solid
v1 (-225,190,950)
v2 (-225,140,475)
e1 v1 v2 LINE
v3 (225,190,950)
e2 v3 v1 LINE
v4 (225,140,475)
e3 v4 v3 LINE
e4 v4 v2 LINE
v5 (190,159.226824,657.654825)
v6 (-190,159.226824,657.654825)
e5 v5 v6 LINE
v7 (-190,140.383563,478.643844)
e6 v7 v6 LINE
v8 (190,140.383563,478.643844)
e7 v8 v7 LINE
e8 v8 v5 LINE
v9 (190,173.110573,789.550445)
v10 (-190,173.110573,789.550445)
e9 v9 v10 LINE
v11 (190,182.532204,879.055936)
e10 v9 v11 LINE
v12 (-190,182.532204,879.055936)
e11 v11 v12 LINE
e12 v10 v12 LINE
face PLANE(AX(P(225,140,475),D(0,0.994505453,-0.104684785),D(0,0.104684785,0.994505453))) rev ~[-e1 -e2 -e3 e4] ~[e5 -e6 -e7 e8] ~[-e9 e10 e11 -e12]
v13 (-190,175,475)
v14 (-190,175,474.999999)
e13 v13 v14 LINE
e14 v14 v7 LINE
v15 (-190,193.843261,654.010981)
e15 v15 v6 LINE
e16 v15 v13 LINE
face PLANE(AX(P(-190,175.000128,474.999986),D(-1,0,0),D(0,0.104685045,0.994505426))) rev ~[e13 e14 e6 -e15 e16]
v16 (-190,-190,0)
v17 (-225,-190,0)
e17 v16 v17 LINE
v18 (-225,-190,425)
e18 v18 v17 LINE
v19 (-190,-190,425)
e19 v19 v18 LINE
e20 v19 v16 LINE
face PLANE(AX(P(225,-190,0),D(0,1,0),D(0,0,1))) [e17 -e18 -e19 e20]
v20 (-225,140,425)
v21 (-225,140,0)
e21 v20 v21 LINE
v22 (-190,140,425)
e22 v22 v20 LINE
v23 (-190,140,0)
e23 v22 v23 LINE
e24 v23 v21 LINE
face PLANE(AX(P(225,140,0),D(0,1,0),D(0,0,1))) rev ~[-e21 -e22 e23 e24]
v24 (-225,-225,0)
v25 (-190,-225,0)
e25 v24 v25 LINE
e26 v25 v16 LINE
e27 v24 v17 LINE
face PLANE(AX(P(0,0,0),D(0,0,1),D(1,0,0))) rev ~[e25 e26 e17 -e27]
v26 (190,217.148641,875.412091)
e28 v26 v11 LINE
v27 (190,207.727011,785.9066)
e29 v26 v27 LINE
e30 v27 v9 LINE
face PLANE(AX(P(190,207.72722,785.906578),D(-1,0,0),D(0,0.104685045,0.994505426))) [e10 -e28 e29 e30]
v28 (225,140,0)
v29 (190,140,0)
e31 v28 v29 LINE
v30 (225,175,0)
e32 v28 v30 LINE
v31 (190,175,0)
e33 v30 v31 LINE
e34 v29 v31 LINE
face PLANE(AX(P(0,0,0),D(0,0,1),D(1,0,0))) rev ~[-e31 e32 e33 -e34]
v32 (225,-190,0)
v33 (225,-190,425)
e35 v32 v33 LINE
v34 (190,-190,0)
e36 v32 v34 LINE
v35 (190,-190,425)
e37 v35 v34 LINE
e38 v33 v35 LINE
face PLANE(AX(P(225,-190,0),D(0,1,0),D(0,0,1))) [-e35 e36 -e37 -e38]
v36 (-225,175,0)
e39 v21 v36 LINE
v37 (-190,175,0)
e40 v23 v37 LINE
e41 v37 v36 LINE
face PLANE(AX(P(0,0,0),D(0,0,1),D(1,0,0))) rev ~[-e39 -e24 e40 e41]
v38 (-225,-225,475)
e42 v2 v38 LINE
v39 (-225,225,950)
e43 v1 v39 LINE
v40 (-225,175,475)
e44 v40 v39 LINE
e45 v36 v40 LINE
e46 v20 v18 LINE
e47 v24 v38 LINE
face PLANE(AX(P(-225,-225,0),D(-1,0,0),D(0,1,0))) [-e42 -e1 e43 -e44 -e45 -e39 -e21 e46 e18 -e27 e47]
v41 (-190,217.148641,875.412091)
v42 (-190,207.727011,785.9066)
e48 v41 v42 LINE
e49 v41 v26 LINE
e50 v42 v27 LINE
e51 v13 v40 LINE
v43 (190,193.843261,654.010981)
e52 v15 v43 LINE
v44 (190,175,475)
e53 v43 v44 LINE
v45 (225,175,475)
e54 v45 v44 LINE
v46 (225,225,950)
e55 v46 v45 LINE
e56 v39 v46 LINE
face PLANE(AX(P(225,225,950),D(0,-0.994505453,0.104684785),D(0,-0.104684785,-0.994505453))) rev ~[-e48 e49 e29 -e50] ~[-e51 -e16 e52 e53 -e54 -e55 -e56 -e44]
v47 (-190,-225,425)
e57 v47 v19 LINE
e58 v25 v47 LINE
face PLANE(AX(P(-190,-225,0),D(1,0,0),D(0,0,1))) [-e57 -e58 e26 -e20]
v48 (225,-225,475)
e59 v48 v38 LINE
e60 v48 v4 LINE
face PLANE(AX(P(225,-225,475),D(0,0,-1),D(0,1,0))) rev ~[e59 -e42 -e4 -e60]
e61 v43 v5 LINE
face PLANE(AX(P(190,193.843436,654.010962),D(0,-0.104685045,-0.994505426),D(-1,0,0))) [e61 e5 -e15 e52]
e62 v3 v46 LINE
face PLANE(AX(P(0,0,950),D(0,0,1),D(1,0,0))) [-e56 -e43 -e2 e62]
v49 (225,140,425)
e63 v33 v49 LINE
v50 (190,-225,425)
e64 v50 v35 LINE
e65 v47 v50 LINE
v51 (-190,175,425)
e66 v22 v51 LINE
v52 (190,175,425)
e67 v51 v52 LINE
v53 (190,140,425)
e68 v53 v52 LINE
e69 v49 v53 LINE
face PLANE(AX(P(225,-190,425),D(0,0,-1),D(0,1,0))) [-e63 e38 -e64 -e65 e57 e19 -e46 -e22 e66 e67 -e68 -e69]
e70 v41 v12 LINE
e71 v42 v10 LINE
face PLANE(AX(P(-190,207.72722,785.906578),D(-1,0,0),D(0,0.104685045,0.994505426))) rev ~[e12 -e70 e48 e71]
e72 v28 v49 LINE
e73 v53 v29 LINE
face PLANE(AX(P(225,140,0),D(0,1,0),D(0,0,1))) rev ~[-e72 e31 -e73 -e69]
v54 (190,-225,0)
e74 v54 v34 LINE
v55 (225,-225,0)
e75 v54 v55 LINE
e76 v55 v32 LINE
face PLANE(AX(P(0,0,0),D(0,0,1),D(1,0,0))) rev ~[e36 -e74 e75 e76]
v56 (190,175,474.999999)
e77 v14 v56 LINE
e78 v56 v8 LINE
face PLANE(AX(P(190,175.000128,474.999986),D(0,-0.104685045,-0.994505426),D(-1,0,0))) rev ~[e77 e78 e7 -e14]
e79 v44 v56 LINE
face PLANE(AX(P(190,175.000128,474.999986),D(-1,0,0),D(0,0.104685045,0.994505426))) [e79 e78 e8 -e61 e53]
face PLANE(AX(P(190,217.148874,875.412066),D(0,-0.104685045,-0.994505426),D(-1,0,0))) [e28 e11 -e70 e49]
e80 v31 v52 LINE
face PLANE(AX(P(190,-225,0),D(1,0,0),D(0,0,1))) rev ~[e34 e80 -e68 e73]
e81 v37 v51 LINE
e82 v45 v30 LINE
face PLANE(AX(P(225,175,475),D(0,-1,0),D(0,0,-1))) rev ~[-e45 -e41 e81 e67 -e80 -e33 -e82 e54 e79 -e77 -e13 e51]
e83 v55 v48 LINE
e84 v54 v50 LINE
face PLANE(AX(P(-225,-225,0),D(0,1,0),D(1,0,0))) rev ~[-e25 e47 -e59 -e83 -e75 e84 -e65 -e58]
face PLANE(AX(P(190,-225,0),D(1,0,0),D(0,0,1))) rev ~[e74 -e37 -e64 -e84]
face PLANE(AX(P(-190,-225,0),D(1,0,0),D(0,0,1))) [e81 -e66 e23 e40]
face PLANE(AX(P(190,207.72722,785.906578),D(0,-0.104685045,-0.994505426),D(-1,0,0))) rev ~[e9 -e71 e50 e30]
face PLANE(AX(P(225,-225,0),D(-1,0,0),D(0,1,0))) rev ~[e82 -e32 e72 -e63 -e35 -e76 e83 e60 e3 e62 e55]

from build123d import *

# Parameters (mm, degrees)
F0_W     = 450
F0_H     = 450
F1_DEPTH = 950
F2_W     = 50
F2_H     = 50
F2_W_2   = 330
F2_H_2   = 425
F3_DEPTH = 450.001
F4_W     = 380
F4_H     = 425
F5_DEPTH = 450.001
F6_W     = 380
F6_H     = 180
F6_H_2   = 90
F7_DEPTH = 447.528454


with BuildPart() as f1:
    # F0 (on Top) → F1 (new body)
    with BuildSketch(Plane.XY):
        Rectangle(F0_W, F0_H)
    extrude(amount=F1_DEPTH)

    # F2 (on face) → F3 (cut, through all)
    with BuildSketch(Plane.YZ.offset(225)):
        with Locations((200, 450)):
            Rectangle(F2_W, F2_H)
        Polygon((-225, 475), (140, 475), (190, 950), (-225, 950), align=None)
        with Locations((-25, 212.5)):
            Rectangle(F2_W_2, F2_H_2)
        with Locations((200, 212.5)):
            Rectangle(F2_W, F2_H_2)
        Polygon((175, 475), (225, 475), (225, 950), align=None)
    extrude(amount=-F3_DEPTH, mode=Mode.SUBTRACT)

    # F4 (on face) → F5 (cut, through all)
    with BuildSketch(Plane.XZ.offset(225)):
        with Locations((0, 212.5)):
            Rectangle(F4_W, F4_H)
    extrude(amount=-F5_DEPTH, mode=Mode.SUBTRACT)

    # F6 (on face) → F7 (cut, through all)
    with BuildSketch(Plane(origin=(0, 123.630137, -13.013699), x_dir=(-1, 0, 0), z_dir=(0, 0.994505, -0.104685))):
        with Locations((0, 580.709927)):
            Rectangle(F6_W, F6_H)
        with Locations((0, 848.334257)):
            Rectangle(F6_W, F6_H_2)
    extrude(amount=-F7_DEPTH, mode=Mode.SUBTRACT)


solid = f1.part
